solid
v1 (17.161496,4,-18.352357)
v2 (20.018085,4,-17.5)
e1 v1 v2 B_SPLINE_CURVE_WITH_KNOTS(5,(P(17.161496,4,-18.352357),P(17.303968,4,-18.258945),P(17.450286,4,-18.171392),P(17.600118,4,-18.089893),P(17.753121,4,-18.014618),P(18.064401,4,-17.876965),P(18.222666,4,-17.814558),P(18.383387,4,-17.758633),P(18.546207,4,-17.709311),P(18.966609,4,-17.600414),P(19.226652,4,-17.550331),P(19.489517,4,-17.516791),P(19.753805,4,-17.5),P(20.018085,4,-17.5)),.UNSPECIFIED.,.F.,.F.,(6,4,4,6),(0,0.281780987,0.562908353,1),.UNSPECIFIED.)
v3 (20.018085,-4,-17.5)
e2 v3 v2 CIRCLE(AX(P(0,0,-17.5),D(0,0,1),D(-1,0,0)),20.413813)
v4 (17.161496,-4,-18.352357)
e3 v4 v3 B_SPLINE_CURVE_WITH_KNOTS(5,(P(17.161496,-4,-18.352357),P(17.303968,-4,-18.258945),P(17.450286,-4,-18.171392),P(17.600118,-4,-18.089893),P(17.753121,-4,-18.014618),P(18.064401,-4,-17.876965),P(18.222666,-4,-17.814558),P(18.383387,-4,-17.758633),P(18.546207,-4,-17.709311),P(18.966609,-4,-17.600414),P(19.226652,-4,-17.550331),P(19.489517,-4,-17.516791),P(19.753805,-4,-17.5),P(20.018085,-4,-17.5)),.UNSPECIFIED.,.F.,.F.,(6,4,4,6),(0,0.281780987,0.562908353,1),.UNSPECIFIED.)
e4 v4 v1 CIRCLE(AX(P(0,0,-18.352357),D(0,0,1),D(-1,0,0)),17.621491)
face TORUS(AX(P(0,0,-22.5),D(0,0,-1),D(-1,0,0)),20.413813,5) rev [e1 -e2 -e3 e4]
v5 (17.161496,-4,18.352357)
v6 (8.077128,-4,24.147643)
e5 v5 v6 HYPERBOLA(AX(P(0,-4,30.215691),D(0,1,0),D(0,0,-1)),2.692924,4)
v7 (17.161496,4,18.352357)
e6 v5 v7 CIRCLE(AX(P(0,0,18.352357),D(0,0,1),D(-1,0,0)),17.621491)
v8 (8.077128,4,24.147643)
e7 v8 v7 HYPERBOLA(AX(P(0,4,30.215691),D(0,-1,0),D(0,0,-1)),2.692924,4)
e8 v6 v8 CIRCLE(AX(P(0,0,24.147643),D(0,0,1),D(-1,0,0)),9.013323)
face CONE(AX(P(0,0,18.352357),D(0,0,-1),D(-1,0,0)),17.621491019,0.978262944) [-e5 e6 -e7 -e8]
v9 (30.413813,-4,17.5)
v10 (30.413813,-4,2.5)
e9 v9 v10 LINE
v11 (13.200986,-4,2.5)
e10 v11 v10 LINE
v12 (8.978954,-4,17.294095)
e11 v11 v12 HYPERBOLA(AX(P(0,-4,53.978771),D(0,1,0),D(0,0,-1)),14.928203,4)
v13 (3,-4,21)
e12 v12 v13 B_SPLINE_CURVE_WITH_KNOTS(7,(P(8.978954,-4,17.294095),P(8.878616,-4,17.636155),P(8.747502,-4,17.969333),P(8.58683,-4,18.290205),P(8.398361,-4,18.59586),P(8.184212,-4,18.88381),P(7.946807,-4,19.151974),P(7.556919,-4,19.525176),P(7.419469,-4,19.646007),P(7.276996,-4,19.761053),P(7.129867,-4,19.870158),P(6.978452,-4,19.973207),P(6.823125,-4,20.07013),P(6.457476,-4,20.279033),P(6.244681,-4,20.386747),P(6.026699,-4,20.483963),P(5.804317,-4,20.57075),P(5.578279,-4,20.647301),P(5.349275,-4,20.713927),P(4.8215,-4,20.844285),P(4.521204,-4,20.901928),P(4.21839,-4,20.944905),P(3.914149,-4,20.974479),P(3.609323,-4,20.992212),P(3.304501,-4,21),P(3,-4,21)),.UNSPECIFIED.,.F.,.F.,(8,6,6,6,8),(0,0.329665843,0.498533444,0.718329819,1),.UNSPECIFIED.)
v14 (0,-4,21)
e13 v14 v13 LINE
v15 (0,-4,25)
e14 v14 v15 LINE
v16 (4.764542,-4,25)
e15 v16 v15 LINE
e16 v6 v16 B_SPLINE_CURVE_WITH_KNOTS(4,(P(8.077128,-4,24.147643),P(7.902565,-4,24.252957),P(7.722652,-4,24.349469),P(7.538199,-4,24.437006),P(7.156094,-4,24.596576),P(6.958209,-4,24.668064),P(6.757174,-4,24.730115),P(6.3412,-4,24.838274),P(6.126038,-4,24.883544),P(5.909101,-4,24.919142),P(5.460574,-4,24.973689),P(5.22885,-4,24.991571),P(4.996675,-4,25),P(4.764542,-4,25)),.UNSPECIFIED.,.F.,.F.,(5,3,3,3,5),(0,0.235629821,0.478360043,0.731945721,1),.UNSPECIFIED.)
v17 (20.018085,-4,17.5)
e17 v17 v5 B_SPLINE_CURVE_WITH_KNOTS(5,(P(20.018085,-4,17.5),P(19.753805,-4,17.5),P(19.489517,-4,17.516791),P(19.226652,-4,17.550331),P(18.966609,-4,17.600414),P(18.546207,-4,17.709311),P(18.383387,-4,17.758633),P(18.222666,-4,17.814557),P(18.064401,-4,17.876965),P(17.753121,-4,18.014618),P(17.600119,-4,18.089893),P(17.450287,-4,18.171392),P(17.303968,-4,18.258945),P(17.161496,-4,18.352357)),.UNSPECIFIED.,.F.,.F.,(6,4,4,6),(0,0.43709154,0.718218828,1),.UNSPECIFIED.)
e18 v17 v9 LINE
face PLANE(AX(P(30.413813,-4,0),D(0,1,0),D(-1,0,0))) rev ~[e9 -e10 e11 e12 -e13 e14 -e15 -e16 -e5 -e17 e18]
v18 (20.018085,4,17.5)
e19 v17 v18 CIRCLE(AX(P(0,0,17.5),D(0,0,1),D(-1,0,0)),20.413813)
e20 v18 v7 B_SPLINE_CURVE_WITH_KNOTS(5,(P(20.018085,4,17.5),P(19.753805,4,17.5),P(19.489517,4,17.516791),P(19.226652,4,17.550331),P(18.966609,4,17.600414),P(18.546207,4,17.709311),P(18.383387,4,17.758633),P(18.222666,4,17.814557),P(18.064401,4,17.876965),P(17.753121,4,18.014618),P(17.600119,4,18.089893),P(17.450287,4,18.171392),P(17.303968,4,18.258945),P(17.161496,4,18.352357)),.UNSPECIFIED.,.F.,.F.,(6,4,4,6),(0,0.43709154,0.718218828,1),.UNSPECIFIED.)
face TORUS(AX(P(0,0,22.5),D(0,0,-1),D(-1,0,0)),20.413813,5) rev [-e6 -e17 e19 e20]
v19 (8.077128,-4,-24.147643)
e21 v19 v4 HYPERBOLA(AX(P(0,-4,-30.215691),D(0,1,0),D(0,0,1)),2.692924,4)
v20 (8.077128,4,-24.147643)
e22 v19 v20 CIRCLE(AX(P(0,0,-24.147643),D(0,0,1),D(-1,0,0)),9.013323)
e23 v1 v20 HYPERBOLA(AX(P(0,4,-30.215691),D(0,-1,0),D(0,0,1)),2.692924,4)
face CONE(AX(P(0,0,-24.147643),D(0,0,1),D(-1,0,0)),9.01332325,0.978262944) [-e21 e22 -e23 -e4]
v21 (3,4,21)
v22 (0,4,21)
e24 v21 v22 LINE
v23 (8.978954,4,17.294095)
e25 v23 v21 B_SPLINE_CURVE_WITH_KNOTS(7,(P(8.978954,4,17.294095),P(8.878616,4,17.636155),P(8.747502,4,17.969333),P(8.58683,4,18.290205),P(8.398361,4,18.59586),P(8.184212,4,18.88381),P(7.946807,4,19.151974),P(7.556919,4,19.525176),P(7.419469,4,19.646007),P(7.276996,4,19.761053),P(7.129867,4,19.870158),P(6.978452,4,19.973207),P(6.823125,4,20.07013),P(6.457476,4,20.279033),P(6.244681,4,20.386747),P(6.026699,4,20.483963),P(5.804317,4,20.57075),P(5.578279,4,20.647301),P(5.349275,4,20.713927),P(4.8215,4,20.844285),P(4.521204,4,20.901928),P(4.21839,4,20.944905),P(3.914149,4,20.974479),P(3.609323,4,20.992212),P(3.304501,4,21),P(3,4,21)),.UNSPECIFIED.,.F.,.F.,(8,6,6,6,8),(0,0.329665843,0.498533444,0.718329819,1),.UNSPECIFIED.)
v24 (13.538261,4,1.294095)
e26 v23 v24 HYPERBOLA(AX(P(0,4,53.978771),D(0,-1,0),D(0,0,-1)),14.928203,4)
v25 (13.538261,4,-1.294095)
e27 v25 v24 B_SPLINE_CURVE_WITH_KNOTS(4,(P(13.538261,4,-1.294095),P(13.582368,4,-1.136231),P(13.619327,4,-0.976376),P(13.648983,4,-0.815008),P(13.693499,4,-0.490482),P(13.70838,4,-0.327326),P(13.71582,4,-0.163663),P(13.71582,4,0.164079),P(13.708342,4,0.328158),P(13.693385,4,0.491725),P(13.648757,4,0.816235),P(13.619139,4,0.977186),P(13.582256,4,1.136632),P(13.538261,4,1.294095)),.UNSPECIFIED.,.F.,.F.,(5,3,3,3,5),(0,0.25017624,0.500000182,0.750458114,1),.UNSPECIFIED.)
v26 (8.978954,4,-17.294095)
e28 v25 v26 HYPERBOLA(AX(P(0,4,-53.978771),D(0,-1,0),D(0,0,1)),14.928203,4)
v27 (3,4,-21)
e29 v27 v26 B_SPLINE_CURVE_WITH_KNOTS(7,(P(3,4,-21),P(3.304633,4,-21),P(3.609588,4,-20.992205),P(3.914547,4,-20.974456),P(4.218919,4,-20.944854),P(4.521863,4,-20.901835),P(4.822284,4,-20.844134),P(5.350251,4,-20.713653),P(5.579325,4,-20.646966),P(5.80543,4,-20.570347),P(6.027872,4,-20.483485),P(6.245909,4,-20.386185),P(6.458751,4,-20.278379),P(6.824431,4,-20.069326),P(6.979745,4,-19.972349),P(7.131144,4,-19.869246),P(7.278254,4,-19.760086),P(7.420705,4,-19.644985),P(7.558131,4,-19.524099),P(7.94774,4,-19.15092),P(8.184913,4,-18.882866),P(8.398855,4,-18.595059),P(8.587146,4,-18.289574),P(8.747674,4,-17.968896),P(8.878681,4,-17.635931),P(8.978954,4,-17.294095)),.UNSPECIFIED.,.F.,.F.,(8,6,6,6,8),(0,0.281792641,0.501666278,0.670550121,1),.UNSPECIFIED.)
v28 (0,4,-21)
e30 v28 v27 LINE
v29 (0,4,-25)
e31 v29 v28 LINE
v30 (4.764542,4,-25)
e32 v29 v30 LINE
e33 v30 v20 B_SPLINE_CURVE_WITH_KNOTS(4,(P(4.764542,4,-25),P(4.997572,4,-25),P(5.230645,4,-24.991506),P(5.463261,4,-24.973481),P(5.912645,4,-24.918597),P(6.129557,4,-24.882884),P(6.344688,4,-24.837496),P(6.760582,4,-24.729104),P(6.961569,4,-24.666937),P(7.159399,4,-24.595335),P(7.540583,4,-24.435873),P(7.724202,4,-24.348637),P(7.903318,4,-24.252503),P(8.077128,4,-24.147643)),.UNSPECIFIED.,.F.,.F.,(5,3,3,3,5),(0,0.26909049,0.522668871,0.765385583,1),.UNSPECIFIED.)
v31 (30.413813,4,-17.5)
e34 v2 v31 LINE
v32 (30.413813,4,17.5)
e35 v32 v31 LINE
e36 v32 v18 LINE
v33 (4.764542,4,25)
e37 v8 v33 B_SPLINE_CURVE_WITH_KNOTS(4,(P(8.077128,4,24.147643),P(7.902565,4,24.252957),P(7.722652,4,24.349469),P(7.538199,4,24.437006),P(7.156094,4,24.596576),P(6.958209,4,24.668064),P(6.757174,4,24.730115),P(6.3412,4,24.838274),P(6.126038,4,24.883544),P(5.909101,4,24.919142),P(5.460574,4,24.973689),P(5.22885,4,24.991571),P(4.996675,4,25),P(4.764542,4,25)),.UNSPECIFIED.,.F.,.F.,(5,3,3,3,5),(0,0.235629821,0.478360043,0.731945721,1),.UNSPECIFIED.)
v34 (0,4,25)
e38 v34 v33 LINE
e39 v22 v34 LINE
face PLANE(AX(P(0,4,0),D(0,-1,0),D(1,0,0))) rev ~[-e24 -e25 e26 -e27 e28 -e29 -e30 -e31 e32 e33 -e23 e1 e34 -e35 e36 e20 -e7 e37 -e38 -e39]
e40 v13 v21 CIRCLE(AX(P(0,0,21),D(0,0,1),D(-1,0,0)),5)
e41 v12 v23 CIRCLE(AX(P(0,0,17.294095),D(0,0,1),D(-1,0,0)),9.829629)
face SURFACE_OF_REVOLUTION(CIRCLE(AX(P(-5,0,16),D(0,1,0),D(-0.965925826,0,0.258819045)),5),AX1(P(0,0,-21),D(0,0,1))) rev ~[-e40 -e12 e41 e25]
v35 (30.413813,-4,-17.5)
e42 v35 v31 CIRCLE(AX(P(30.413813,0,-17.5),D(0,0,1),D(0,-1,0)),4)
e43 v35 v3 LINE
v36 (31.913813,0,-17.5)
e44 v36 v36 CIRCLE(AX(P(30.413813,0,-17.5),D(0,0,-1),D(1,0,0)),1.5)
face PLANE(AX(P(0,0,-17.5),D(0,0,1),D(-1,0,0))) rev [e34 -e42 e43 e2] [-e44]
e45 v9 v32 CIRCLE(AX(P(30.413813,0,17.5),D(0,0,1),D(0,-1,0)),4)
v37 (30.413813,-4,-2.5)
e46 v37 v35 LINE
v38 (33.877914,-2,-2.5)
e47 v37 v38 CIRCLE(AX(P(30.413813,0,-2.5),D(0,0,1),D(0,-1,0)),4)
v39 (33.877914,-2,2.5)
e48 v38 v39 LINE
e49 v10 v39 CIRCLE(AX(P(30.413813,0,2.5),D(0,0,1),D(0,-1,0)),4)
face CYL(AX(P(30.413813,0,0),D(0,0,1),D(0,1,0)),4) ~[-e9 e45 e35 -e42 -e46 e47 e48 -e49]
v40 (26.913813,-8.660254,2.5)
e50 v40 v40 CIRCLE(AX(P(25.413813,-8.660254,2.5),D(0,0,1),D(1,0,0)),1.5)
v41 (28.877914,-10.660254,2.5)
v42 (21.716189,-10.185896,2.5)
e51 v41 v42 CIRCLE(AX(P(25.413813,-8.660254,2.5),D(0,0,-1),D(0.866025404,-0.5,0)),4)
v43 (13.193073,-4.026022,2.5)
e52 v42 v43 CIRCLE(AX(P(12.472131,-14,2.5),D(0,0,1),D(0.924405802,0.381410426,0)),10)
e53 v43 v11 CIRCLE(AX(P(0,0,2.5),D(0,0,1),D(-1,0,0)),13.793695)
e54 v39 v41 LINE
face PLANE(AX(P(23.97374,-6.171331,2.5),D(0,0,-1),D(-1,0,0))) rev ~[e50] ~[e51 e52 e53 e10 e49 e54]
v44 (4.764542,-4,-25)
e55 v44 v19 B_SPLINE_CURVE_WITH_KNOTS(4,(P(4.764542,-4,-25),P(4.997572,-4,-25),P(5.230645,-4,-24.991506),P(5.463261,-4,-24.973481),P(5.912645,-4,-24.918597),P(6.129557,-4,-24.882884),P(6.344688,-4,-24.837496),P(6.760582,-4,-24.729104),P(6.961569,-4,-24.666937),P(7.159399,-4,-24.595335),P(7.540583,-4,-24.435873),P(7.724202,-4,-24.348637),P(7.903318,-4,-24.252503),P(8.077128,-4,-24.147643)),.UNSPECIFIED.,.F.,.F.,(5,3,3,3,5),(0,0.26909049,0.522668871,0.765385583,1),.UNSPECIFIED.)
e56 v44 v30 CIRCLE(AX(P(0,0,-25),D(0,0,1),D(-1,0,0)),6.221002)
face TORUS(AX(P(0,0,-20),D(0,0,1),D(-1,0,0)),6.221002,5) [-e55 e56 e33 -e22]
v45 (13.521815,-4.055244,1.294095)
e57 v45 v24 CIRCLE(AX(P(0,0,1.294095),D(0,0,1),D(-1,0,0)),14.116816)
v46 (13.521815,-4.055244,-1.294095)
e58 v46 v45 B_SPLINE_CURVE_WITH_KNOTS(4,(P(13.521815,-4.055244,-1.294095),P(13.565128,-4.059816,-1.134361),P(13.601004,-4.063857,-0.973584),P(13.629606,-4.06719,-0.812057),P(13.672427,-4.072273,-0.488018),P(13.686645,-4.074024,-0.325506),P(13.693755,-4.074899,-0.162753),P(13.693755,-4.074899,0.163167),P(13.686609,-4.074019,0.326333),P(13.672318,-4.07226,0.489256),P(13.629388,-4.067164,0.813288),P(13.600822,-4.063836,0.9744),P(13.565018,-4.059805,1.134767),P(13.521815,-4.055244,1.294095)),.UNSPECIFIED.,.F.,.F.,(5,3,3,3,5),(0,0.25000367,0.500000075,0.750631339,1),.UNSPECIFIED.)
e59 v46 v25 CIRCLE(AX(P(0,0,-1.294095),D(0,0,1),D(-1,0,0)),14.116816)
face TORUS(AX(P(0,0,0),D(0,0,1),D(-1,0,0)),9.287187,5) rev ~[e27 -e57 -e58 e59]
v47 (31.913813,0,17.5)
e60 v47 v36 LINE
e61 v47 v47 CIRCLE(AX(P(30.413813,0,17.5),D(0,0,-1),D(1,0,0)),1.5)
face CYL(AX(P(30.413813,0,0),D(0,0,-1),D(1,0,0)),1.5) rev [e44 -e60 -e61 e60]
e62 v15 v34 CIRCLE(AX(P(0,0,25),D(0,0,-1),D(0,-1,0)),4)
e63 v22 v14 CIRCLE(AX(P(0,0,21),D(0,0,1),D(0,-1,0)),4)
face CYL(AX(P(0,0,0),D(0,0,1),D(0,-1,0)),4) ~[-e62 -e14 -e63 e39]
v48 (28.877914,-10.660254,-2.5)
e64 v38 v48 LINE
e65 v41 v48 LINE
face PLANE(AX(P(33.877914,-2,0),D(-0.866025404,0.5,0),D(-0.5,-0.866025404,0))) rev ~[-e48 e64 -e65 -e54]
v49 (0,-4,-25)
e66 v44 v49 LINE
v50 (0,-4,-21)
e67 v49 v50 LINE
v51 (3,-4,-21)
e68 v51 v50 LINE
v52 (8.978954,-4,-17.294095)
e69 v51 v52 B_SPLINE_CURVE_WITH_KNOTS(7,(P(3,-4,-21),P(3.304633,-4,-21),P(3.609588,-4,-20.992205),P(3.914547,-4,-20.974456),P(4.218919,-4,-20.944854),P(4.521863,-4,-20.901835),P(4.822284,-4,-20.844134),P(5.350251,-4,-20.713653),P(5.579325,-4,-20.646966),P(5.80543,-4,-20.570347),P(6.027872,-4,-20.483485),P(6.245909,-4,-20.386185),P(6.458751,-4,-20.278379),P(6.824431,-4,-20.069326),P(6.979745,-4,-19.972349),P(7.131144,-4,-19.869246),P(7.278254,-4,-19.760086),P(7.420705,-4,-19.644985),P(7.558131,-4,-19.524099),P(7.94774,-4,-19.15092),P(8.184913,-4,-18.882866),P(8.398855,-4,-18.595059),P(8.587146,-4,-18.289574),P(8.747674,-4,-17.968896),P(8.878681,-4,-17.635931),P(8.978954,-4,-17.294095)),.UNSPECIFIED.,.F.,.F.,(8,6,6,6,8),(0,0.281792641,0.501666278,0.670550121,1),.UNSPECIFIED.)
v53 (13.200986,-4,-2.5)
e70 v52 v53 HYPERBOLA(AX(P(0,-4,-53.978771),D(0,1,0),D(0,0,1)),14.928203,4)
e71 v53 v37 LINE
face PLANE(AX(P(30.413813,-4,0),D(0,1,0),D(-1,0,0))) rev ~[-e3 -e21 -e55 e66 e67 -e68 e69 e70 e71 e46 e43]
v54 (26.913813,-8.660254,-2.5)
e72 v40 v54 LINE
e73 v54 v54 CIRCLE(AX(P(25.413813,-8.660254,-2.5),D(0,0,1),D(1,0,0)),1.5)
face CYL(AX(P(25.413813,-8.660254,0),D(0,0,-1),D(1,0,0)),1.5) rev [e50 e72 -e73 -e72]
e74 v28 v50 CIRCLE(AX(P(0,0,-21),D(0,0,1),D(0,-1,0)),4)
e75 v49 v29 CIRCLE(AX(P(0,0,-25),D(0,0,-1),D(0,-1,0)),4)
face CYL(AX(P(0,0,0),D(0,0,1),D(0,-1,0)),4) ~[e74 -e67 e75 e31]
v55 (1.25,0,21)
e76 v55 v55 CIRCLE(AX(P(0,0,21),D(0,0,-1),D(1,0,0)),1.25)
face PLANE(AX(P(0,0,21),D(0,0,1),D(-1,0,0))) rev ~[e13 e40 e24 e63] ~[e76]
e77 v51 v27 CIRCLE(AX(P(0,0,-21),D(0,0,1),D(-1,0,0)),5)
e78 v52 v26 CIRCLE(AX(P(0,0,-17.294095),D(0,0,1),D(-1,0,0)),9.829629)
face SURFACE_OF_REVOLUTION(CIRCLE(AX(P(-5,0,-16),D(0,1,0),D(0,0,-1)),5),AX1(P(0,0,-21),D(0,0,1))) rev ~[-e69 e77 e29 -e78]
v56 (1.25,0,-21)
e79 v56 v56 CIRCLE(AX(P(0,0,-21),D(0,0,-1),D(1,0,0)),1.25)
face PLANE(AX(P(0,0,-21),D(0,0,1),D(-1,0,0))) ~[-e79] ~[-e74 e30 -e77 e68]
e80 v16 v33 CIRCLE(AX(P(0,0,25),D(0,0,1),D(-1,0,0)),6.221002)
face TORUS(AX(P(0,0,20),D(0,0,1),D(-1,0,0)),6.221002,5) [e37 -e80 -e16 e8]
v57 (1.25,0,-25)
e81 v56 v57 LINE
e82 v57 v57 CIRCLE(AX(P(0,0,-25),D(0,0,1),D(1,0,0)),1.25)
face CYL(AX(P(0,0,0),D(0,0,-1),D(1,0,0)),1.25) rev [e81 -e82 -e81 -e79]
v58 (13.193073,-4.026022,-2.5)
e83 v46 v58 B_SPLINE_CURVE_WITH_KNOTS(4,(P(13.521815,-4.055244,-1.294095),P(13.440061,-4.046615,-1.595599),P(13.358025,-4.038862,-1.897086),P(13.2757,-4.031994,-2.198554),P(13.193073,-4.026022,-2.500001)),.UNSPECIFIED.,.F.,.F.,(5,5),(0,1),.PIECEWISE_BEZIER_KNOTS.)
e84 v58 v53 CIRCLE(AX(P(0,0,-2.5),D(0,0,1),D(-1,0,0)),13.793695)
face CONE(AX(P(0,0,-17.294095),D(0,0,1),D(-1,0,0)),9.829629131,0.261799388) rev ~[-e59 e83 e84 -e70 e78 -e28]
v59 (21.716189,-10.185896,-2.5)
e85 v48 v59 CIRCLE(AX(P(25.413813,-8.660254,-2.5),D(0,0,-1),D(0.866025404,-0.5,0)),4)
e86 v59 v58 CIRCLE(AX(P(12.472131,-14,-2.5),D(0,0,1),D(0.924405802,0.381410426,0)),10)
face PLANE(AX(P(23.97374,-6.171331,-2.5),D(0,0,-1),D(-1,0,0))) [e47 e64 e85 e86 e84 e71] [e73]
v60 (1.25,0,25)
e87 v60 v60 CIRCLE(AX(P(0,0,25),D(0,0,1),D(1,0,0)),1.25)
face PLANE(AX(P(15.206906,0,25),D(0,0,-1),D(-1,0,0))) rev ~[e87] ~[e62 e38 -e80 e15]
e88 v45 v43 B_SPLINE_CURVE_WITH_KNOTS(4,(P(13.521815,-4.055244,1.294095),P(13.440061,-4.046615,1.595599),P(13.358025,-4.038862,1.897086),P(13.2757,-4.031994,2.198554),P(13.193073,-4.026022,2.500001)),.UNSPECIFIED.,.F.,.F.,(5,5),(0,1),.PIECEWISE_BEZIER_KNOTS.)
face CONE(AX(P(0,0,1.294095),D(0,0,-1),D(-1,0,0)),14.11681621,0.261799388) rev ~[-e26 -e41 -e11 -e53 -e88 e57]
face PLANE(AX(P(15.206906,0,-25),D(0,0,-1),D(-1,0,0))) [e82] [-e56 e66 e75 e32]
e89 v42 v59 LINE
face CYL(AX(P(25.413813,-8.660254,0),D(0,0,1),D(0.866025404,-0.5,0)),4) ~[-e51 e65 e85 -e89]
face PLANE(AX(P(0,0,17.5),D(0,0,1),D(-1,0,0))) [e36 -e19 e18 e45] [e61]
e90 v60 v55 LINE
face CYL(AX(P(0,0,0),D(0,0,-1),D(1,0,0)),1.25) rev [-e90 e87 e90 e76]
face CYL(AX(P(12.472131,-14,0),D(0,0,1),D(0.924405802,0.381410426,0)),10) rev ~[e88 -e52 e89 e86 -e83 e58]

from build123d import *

# Parameters (mm, degrees)
ESQUISSE1_R        = 1.25
ESQUISSE1_R_2      = 1.5
BOSS_EXTRU_1_DEPTH = 25
ESQUISSE3_R        = 1.5
BOSS_EXTRU_2_DEPTH = 2.5


with BuildPart() as part:
    # Esquisse1 → Boss.-Extru.1 (new, symmetric)
    with BuildSketch(Plane.XY):
        with BuildLine():
            Line((0, 4), (30.413812651, 4))
            ThreePointArc((30.413812651, 4), (34.413812651, 0), (30.413812651, -4))
            Line((30.413812651, -4), (0, -4))
            ThreePointArc((0, -4), (-4, 0), (0, 4))
        make_face()
        Circle(ESQUISSE1_R, mode=Mode.SUBTRACT)
        with Locations((30.413812651, 0)):
            Circle(ESQUISSE1_R_2, mode=Mode.SUBTRACT)
    extrude(amount=BOSS_EXTRU_1_DEPTH, both=True)

    # Esquisse3 → Boss.-Extru.2 (add, symmetric)
    with BuildSketch(Plane.XY):
        with BuildLine():
            Line((33.877914267, -2), (28.877914267, -10.660254038))
            ThreePointArc((28.877914267, -10.660254038), (25.149451096, -12.651508599), (21.716189443, -10.185895741))
            ThreePointArc((21.716189443, -10.185895741), (18.033559179, -5.689132338), (12.472131421, -4))
            Line((12.472131421, -4), (30.413812651, -4))
            ThreePointArc((30.413812651, -4), (32.413812651, -3.464101615), (33.877914267, -2))
        make_face()
        with Locations((25.413812651, -8.660254038)):
            Circle(ESQUISSE3_R, mode=Mode.SUBTRACT)
    extrude(amount=BOSS_EXTRU_2_DEPTH, both=True)

    # Esquisse4 → Enlèvement de matière-Révolution1 (revolve, cut)
    with BuildSketch(Plane(origin=(0, 0, 0), x_dir=(1, 0, 0), z_dir=(0, 1, 0))):
        with BuildLine():
            Line((0, 21), (5, 21))
            ThreePointArc((5, 21), (8.043807145, 19.966766701), (9.829629131, 17.294095226))
            Line((9.829629131, 17.294095226), (14.11681621, 1.294095226))
            ThreePointArc((14.11681621, 1.294095226), (14.287187079, 0), (14.11681621, -1.294095226))
            Line((14.11681621, -1.294095226), (9.829629131, -17.294095226))
            ThreePointArc((9.829629131, -17.294095226), (8.043807145, -19.966766701), (5, -21))
            Line((5, -21), (0, -21))
            Line((0, -21), (0, 21))
        make_face()
        with BuildLine():
            Line((34.413812651, 25), (6.221001618, 25))
            ThreePointArc((6.221001618, 25), (7.680759567, 24.782165485), (9.01332325, 24.147642692))
            Line((9.01332325, 24.147642692), (17.621491019, 18.352357308))
            ThreePointArc((17.621491019, 18.352357308), (18.954054703, 17.717834515), (20.413812651, 17.5))
            Line((20.413812651, 17.5), (34.413812651, 17.5))
            Line((34.413812651, 17.5), (34.413812651, 25))
        make_face()
        with BuildLine():
            Line((17.621491019, -18.352357308), (9.01332325, -24.147642692))
            ThreePointArc((9.01332325, -24.147642692), (7.680759567, -24.782165485), (6.221001618, -25))
            Line((6.221001618, -25), (34.413812651, -25))
            Line((34.413812651, -25), (34.413812651, -17.5))
            Line((34.413812651, -17.5), (20.413812651, -17.5))
            ThreePointArc((20.413812651, -17.5), (18.954054703, -17.717834515), (17.621491019, -18.352357308))
        make_face()
    revolve(axis=Axis((0, 0, -21), (0, 0, 1)), mode=Mode.SUBTRACT)


solid = part.part
